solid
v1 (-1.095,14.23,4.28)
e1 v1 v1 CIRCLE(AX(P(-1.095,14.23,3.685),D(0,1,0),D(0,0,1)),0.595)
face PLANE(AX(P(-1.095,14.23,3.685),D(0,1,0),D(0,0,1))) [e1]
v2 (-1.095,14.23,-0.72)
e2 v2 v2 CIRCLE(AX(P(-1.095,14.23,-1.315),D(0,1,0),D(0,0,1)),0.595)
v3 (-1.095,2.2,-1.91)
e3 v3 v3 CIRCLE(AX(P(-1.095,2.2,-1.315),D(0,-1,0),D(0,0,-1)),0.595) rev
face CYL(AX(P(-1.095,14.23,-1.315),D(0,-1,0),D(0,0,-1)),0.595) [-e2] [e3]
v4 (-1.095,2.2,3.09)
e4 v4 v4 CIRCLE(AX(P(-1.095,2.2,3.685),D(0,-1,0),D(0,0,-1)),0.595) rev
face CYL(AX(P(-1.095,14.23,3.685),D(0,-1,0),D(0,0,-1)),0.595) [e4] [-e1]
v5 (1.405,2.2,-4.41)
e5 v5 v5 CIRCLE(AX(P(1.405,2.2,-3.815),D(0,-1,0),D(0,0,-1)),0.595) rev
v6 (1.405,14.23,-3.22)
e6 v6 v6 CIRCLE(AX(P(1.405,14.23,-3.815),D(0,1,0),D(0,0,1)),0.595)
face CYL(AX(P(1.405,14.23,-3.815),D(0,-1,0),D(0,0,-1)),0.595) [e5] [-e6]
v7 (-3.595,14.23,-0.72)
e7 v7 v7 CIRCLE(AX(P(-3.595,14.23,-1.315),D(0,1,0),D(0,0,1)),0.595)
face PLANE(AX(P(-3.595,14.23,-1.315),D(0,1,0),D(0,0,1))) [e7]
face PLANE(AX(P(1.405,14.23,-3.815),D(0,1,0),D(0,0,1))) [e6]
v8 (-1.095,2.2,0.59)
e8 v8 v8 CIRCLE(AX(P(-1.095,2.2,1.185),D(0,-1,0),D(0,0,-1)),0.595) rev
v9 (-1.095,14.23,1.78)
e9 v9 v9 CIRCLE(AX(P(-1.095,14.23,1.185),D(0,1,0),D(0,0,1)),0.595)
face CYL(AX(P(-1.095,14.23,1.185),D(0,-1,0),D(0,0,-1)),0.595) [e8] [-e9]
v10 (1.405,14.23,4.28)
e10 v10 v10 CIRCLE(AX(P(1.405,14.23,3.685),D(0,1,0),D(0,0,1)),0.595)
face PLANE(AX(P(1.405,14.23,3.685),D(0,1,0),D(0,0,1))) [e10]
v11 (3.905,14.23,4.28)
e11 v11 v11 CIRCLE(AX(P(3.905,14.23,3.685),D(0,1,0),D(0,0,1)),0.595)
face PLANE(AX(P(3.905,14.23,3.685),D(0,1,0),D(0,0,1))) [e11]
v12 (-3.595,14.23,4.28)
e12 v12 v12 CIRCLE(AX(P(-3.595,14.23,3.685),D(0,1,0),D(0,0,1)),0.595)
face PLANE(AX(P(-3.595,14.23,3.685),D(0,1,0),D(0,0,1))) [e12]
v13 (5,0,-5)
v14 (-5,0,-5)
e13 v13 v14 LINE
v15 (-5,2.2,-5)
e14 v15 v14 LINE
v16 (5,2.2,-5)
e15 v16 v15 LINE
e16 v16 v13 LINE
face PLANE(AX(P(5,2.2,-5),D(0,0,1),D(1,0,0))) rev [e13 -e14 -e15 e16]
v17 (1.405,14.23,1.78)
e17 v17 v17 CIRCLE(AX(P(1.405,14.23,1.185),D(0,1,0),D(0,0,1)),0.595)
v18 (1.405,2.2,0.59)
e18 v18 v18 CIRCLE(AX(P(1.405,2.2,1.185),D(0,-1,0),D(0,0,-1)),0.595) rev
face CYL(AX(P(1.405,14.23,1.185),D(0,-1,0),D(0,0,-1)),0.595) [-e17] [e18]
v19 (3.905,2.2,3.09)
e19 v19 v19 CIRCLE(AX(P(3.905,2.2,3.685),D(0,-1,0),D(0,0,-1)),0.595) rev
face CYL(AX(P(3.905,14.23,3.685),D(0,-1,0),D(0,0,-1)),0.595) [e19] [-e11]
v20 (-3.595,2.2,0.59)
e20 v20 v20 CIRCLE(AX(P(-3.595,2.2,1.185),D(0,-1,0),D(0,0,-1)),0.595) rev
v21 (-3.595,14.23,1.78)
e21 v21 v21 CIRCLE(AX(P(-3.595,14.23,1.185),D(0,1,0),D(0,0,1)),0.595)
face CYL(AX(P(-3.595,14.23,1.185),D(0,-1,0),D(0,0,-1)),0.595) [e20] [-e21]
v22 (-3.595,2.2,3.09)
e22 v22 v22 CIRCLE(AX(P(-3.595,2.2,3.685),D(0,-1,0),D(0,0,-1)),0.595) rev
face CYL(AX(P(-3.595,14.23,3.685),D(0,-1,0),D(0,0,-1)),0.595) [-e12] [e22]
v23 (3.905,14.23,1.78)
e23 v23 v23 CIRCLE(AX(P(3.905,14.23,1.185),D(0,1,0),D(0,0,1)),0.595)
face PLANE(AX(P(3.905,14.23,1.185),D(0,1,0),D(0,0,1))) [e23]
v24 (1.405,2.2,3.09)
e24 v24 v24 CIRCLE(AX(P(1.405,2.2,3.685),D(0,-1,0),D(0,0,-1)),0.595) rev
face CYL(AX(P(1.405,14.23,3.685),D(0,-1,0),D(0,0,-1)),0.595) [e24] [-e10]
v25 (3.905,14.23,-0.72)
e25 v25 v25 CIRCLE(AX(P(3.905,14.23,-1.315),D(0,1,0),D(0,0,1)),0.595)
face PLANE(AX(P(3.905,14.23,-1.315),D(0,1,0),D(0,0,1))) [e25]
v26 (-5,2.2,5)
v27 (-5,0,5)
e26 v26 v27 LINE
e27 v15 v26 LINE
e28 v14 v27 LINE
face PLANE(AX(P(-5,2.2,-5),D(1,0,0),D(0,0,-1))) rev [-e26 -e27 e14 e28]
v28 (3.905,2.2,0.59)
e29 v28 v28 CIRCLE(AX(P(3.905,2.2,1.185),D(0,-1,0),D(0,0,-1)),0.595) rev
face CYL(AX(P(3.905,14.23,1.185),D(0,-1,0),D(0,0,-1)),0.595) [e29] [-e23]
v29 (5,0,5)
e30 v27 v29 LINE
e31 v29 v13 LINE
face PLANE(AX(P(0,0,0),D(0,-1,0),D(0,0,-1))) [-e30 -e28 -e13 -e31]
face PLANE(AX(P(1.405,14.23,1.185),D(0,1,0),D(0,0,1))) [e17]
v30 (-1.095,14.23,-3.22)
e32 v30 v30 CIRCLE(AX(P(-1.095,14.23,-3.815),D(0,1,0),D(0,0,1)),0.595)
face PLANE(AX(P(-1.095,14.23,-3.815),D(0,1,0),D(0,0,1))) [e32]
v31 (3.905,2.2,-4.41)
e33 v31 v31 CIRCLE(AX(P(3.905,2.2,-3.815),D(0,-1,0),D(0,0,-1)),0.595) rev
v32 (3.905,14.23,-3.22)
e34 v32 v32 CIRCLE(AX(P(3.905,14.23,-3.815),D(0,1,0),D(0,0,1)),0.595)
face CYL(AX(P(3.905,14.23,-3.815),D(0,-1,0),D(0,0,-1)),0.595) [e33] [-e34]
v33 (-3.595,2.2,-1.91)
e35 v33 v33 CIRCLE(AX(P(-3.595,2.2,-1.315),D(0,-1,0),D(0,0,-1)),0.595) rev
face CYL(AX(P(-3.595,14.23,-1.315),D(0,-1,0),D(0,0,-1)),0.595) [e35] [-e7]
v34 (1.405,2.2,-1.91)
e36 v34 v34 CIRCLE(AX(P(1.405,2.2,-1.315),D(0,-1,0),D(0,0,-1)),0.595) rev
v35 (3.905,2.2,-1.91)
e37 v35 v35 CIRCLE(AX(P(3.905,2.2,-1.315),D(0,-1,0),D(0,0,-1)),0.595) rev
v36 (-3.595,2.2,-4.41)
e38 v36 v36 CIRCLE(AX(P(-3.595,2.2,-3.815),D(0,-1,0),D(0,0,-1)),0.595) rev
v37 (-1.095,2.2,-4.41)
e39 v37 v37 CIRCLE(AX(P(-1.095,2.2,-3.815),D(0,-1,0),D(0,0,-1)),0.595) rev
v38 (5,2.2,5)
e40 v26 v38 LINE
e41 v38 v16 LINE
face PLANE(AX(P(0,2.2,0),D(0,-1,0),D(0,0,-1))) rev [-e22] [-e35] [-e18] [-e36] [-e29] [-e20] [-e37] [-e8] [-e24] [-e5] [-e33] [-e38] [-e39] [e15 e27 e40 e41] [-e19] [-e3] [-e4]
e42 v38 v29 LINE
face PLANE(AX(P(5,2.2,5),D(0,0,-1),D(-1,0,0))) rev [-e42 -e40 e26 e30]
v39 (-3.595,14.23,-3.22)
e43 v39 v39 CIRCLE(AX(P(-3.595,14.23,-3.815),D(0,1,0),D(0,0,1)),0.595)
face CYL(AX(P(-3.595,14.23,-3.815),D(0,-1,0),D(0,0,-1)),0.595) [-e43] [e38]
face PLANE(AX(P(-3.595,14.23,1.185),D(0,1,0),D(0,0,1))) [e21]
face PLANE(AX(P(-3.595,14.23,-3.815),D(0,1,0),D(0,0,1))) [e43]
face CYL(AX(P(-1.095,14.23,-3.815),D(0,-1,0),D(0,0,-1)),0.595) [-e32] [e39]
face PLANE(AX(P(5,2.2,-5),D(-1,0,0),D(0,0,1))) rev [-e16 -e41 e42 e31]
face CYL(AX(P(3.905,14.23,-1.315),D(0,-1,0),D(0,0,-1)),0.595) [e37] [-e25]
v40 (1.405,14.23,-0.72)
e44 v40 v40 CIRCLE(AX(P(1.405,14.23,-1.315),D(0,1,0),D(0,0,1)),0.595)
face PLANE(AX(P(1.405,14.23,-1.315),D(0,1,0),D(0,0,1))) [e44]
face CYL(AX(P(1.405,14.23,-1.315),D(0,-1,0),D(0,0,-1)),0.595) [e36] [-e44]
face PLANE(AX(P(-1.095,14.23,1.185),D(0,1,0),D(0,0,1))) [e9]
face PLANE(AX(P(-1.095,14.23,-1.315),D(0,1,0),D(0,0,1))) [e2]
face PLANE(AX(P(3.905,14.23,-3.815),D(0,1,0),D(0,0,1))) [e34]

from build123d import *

# Parameters (mm, degrees)
SKETCH1_W            = 10
SKETCH1_H            = 10
BOSS_EXTRUDE1_DEPTH  = 2.2
SKETCH2_R            = 0.595
BOSS_EXTRUDE2_DEPTH  = 12.03
LPATTERN1_COUNT      = 4
LPATTERN1_PITCH      = 2.5
LPATTERN1_COUNT_DIR2 = 4
LPATTERN1_PITCH_DIR2 = 2.5


with BuildPart() as part:
    # Sketch1 → Boss-Extrude1 (new body)
    with BuildSketch(Plane(origin=(0, 0, 0), x_dir=(1, 0, 0), z_dir=(0, 1, 0))):
        Rectangle(SKETCH1_W, SKETCH1_H)
    extrude(amount=BOSS_EXTRUDE1_DEPTH)

    # Sketch2 → Boss-Extrude2 (add)
    with BuildSketch(Plane(origin=(0, 2.2, 0), x_dir=(1, 0, 0), z_dir=(0, 1, 0))):
        with Locations(Location((-3.595, -3.685, 0), (0, 0, 90))):
            Circle(SKETCH2_R)
    boss_extrude2 = extrude(amount=BOSS_EXTRUDE2_DEPTH)

    # LPattern1: Boss-Extrude2 4 × 4
    with Locations(*[(i * LPATTERN1_PITCH, 0, -j * LPATTERN1_PITCH_DIR2) for i in range(LPATTERN1_COUNT) for j in range(LPATTERN1_COUNT_DIR2) if (i, j) != (0, 0)]):
        add(boss_extrude2)


solid = part.part
